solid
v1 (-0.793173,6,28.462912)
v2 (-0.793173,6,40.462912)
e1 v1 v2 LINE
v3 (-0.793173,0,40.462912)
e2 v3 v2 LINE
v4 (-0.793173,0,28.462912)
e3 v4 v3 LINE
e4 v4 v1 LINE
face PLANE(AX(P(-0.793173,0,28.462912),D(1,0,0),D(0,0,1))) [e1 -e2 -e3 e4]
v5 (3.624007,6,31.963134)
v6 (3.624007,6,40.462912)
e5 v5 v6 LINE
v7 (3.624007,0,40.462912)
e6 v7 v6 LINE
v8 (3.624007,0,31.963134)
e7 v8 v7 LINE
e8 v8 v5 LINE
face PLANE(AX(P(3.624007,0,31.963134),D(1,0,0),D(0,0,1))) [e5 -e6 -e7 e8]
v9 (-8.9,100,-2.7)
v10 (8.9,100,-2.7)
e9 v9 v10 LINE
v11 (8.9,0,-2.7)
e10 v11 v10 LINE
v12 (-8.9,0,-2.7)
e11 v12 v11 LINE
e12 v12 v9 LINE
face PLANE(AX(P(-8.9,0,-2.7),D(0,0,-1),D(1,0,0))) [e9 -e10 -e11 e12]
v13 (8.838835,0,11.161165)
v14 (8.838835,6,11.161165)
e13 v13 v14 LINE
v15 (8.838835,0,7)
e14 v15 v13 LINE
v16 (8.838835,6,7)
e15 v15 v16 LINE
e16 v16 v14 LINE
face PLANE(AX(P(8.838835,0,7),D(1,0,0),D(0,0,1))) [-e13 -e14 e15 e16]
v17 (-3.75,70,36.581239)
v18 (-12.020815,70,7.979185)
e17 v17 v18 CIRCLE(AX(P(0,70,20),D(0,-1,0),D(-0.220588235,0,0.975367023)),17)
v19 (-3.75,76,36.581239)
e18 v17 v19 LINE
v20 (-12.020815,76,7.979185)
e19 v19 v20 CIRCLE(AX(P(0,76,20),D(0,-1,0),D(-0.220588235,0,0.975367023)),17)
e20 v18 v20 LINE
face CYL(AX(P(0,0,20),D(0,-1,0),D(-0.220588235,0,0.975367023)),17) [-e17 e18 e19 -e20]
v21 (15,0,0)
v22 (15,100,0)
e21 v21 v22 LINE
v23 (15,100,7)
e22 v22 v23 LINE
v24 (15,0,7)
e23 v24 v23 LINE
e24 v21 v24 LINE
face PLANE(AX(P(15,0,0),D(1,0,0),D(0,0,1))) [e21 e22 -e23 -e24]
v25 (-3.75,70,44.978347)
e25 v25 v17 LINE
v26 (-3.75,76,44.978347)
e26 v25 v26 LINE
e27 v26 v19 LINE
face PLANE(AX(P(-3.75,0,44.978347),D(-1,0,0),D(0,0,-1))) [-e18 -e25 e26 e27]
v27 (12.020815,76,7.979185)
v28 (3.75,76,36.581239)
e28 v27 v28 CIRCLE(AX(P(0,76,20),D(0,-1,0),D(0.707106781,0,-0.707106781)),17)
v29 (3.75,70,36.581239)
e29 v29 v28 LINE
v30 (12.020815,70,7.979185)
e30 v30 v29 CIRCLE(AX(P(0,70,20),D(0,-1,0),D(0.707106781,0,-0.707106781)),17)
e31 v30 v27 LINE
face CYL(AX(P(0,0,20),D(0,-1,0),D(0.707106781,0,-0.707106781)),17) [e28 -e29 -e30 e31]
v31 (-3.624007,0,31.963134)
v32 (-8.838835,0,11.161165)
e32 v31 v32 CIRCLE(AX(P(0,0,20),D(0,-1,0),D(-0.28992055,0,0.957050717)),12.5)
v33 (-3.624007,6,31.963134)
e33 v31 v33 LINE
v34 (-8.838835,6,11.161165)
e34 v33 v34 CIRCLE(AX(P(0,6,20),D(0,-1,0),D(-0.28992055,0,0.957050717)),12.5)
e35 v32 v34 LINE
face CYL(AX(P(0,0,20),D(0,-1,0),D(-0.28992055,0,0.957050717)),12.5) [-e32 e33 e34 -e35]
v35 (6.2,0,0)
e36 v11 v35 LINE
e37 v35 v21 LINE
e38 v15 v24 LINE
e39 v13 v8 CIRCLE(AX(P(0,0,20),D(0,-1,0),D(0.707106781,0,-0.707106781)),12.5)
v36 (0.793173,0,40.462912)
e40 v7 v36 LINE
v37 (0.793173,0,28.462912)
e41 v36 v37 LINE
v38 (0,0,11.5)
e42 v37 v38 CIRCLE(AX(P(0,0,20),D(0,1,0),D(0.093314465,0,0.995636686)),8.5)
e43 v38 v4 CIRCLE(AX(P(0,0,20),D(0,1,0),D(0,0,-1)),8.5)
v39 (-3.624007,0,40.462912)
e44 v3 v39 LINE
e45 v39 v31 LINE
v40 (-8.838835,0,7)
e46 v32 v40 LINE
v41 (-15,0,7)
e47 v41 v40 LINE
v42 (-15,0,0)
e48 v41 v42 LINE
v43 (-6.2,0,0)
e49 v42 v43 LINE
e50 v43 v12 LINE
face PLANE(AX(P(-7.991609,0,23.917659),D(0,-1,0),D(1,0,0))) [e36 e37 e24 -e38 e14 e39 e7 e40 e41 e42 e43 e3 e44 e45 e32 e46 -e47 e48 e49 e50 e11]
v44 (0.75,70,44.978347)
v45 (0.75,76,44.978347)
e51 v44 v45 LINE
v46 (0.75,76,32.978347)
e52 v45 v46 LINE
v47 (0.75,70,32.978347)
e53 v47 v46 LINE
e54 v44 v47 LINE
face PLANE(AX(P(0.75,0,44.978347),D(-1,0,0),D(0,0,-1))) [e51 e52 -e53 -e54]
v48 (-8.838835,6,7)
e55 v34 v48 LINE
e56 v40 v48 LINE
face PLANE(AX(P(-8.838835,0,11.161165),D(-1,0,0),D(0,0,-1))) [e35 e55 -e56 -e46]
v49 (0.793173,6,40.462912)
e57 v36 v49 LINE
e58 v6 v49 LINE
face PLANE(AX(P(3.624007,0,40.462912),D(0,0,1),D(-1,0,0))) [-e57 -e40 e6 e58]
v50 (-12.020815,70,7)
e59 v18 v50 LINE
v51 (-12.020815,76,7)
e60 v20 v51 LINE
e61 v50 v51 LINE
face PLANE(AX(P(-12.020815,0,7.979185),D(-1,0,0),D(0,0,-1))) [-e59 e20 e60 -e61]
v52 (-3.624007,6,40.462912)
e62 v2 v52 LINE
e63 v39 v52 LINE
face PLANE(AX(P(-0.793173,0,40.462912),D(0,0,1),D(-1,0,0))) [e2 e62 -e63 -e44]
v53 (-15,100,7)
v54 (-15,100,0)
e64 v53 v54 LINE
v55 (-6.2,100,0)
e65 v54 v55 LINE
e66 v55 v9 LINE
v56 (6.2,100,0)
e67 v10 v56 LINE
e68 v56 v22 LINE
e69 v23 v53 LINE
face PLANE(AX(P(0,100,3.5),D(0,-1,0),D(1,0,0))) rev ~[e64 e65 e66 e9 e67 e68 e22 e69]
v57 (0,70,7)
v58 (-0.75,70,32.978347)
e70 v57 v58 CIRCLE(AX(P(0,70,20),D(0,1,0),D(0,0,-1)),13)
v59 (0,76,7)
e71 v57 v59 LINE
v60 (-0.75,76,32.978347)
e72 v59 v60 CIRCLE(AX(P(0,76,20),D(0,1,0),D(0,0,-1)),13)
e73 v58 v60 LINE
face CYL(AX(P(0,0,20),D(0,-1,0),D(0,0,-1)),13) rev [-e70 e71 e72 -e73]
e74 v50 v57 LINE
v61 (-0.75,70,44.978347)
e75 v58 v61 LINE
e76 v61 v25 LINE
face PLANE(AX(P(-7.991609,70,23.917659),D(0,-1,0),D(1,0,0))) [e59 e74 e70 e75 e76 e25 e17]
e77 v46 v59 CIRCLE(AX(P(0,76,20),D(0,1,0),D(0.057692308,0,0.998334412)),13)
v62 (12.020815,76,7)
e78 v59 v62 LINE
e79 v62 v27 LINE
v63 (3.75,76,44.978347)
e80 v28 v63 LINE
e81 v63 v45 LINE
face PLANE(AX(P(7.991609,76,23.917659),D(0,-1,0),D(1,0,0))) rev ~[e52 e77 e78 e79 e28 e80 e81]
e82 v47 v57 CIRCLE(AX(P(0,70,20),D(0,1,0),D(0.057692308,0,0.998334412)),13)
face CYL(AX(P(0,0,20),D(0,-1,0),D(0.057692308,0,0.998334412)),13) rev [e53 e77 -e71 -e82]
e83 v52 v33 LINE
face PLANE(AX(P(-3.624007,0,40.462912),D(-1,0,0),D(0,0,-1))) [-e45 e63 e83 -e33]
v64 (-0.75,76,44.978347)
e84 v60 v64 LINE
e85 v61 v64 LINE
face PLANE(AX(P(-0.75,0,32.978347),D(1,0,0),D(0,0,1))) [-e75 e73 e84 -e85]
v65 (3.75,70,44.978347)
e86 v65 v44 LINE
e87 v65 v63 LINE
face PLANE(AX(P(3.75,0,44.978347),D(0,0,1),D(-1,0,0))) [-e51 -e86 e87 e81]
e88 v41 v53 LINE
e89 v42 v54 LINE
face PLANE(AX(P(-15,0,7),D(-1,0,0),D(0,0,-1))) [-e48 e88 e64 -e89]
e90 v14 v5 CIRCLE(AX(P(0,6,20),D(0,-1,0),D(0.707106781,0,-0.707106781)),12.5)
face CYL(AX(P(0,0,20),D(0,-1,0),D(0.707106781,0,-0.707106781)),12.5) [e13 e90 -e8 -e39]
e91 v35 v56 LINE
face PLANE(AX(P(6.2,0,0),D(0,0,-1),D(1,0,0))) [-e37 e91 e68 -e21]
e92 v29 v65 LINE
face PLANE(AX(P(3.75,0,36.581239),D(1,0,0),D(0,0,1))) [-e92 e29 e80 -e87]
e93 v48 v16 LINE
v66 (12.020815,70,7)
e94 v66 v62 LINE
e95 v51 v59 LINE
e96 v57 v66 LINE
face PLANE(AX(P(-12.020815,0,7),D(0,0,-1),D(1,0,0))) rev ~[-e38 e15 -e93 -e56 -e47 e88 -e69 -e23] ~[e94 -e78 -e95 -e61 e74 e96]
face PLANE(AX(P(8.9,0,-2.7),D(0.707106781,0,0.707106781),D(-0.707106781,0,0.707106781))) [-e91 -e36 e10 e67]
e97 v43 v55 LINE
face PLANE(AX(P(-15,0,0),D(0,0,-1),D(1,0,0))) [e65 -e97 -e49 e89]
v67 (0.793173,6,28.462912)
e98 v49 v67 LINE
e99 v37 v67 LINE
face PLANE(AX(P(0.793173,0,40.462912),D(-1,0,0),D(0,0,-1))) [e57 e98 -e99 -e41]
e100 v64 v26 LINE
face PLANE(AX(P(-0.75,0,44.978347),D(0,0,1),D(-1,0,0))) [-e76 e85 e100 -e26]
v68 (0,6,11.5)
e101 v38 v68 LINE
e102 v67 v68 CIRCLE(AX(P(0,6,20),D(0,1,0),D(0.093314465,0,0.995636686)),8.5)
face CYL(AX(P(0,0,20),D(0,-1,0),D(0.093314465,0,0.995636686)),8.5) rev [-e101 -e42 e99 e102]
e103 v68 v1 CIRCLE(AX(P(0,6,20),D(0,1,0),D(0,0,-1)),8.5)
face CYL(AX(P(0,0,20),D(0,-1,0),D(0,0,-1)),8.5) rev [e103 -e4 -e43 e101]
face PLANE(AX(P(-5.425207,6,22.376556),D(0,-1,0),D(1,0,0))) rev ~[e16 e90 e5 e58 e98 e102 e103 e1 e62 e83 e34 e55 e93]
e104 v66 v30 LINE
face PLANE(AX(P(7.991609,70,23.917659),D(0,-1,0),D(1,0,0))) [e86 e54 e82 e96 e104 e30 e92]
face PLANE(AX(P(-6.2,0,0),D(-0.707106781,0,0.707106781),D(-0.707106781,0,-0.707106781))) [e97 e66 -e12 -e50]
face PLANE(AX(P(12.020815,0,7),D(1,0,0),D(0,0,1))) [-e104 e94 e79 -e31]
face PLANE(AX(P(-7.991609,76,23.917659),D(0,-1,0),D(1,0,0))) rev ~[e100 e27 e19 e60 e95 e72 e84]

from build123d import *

# Parameters (mm, degrees)
F2_DEPTH = 100
F3_DEPTH = 76
F4_DEPTH = 70
F5_DEPTH = 6
F7_DEPTH = 12.5


with BuildPart() as f2:
    # F0 (on Front) → F2 (new body)
    with BuildSketch(Plane.XZ):
        Polygon((-6.2, 0), (0, 0), (6.2, 0), (15, 0), (15, 7), (8.8388347648, 7), (0, 7), (-8.8388347648, 7), (-15, 7), (-15, 0), align=None)
        Polygon((0, -2.7), (0, 0), (-6.2, 0), (-8.9, -2.7), align=None)
        Polygon((6.2, 0), (0, 0), (0, -2.7), (8.9, -2.7), align=None)
    extrude(amount=-F2_DEPTH)

    # F1 (on Front) → F3 (join)
    with BuildSketch(Plane.XZ):
        with BuildLine():
            ThreePointArc((0, 7), (-12.9945857106, 19.6248437535), (-0.75, 32.9783473524))
            Line((-0.75, 32.9783473524), (-0.75, 44.9783473524))
            Line((-0.75, 44.9783473524), (-3.75, 44.9783473524))
            Line((-3.75, 44.9783473524), (-3.75, 36.5812393988))
            ThreePointArc((-3.75, 36.5812393988), (-16.3309227117, 24.7223895842), (-12.0208152802, 7.9791847198))
            Line((-12.0208152802, 7.9791847198), (-12.0208152802, 7))
            Line((-12.0208152802, 7), (0, 7))
        make_face()
        with BuildLine():
            ThreePointArc((0.75, 32.9783473524), (12.9945857106, 19.6248437535), (0, 7))
            Line((0, 7), (12.0208152802, 7))
            Line((12.0208152802, 7), (12.0208152802, 7.9791847198))
            ThreePointArc((12.0208152802, 7.9791847198), (16.3309227117, 24.7223895842), (3.75, 36.5812393988))
            Line((3.75, 36.5812393988), (3.75, 44.9783473524))
            Line((3.75, 44.9783473524), (0.75, 44.9783473524))
            Line((0.75, 44.9783473524), (0.75, 32.9783473524))
        make_face()
    extrude(amount=-F3_DEPTH)

    # F1 (on Front) → F4 (cut)
    with BuildSketch(Plane.XZ):
        with BuildLine():
            ThreePointArc((0, 7), (-12.9945857106, 19.6248437535), (-0.75, 32.9783473524))
            Line((-0.75, 32.9783473524), (-0.75, 44.9783473524))
            Line((-0.75, 44.9783473524), (-3.75, 44.9783473524))
            Line((-3.75, 44.9783473524), (-3.75, 36.5812393988))
            ThreePointArc((-3.75, 36.5812393988), (-16.3309227117, 24.7223895842), (-12.0208152802, 7.9791847198))
            Line((-12.0208152802, 7.9791847198), (-12.0208152802, 7))
            Line((-12.0208152802, 7), (0, 7))
        make_face()
        with BuildLine():
            ThreePointArc((0.75, 32.9783473524), (12.9945857106, 19.6248437535), (0, 7))
            Line((0, 7), (12.0208152802, 7))
            Line((12.0208152802, 7), (12.0208152802, 7.9791847198))
            ThreePointArc((12.0208152802, 7.9791847198), (16.3309227117, 24.7223895842), (3.75, 36.5812393988))
            Line((3.75, 36.5812393988), (3.75, 44.9783473524))
            Line((3.75, 44.9783473524), (0.75, 44.9783473524))
            Line((0.75, 44.9783473524), (0.75, 32.9783473524))
        make_face()
    extrude(amount=-F4_DEPTH, mode=Mode.SUBTRACT)

    # F0 (on Front) → F5 (join)
    with BuildSketch(Plane.XZ):
        with BuildLine():
            Line((-8.8388347648, 11.1611652352), (-8.8388347648, 7))
            Line((-8.8388347648, 7), (0, 7))
            Line((0, 7), (0, 11.5))
            ThreePointArc((0, 11.5), (-8.4907228952, 19.602980205), (-0.7931729561, 28.4629118311))
            Line((-0.7931729561, 28.4629118311), (-0.7931729561, 40.4629118311))
            Line((-0.7931729561, 40.4629118311), (-3.624006873, 40.4629118311))
            Line((-3.624006873, 40.4629118311), (-3.624006873, 31.9631339617))
            ThreePointArc((-3.624006873, 31.9631339617), (-12.1248126232, 23.0395589899), (-8.8388347648, 11.1611652352))
        make_face()
        with BuildLine():
            Line((0, 7), (8.8388347648, 7))
            Line((8.8388347648, 7), (8.8388347648, 11.1611652352))
            ThreePointArc((8.8388347648, 11.1611652352), (12.1248126232, 23.0395589899), (3.624006873, 31.9631339617))
            Line((3.624006873, 31.9631339617), (3.624006873, 40.4629118311))
            Line((3.624006873, 40.4629118311), (0.7931729561, 40.4629118311))
            Line((0.7931729561, 40.4629118311), (0.7931729561, 28.4629118311))
            ThreePointArc((0.7931729561, 28.4629118311), (8.4907228952, 19.602980205), (0, 11.5))
            Line((0, 11.5), (0, 7))
        make_face()
    extrude(amount=-F5_DEPTH)

    # F6 (on Right) → F7 (cut, symmetric)
    with BuildSketch(Plane.YZ):
        with BuildLine():
            ThreePointArc((73, 60.07835), (71.5, 58.57835), (73, 57.07835))
            Line((73, 57.07835), (73, 58.57835))
            Line((73, 58.57835), (73, 60.07835))
        make_face()
        with BuildLine():
            Line((73, 58.57835), (73, 57.07835))
            ThreePointArc((73, 57.07835), (74.0606601718, 57.5176898282), (74.5, 58.57835))
            ThreePointArc((74.5, 58.57835), (74.0606601718, 59.6390101718), (73, 60.07835))
            Line((73, 60.07835), (73, 58.57835))
        make_face()
        with BuildLine():
            ThreePointArc((4.5, 54.06291), (4.0606601718, 55.1235701718), (3, 55.56291))
            ThreePointArc((3, 55.56291), (1.9393398282, 53.0022498282), (4.5, 54.06291))
        make_face()
    extrude(amount=F7_DEPTH, both=True, mode=Mode.SUBTRACT)


solid = f2.part
